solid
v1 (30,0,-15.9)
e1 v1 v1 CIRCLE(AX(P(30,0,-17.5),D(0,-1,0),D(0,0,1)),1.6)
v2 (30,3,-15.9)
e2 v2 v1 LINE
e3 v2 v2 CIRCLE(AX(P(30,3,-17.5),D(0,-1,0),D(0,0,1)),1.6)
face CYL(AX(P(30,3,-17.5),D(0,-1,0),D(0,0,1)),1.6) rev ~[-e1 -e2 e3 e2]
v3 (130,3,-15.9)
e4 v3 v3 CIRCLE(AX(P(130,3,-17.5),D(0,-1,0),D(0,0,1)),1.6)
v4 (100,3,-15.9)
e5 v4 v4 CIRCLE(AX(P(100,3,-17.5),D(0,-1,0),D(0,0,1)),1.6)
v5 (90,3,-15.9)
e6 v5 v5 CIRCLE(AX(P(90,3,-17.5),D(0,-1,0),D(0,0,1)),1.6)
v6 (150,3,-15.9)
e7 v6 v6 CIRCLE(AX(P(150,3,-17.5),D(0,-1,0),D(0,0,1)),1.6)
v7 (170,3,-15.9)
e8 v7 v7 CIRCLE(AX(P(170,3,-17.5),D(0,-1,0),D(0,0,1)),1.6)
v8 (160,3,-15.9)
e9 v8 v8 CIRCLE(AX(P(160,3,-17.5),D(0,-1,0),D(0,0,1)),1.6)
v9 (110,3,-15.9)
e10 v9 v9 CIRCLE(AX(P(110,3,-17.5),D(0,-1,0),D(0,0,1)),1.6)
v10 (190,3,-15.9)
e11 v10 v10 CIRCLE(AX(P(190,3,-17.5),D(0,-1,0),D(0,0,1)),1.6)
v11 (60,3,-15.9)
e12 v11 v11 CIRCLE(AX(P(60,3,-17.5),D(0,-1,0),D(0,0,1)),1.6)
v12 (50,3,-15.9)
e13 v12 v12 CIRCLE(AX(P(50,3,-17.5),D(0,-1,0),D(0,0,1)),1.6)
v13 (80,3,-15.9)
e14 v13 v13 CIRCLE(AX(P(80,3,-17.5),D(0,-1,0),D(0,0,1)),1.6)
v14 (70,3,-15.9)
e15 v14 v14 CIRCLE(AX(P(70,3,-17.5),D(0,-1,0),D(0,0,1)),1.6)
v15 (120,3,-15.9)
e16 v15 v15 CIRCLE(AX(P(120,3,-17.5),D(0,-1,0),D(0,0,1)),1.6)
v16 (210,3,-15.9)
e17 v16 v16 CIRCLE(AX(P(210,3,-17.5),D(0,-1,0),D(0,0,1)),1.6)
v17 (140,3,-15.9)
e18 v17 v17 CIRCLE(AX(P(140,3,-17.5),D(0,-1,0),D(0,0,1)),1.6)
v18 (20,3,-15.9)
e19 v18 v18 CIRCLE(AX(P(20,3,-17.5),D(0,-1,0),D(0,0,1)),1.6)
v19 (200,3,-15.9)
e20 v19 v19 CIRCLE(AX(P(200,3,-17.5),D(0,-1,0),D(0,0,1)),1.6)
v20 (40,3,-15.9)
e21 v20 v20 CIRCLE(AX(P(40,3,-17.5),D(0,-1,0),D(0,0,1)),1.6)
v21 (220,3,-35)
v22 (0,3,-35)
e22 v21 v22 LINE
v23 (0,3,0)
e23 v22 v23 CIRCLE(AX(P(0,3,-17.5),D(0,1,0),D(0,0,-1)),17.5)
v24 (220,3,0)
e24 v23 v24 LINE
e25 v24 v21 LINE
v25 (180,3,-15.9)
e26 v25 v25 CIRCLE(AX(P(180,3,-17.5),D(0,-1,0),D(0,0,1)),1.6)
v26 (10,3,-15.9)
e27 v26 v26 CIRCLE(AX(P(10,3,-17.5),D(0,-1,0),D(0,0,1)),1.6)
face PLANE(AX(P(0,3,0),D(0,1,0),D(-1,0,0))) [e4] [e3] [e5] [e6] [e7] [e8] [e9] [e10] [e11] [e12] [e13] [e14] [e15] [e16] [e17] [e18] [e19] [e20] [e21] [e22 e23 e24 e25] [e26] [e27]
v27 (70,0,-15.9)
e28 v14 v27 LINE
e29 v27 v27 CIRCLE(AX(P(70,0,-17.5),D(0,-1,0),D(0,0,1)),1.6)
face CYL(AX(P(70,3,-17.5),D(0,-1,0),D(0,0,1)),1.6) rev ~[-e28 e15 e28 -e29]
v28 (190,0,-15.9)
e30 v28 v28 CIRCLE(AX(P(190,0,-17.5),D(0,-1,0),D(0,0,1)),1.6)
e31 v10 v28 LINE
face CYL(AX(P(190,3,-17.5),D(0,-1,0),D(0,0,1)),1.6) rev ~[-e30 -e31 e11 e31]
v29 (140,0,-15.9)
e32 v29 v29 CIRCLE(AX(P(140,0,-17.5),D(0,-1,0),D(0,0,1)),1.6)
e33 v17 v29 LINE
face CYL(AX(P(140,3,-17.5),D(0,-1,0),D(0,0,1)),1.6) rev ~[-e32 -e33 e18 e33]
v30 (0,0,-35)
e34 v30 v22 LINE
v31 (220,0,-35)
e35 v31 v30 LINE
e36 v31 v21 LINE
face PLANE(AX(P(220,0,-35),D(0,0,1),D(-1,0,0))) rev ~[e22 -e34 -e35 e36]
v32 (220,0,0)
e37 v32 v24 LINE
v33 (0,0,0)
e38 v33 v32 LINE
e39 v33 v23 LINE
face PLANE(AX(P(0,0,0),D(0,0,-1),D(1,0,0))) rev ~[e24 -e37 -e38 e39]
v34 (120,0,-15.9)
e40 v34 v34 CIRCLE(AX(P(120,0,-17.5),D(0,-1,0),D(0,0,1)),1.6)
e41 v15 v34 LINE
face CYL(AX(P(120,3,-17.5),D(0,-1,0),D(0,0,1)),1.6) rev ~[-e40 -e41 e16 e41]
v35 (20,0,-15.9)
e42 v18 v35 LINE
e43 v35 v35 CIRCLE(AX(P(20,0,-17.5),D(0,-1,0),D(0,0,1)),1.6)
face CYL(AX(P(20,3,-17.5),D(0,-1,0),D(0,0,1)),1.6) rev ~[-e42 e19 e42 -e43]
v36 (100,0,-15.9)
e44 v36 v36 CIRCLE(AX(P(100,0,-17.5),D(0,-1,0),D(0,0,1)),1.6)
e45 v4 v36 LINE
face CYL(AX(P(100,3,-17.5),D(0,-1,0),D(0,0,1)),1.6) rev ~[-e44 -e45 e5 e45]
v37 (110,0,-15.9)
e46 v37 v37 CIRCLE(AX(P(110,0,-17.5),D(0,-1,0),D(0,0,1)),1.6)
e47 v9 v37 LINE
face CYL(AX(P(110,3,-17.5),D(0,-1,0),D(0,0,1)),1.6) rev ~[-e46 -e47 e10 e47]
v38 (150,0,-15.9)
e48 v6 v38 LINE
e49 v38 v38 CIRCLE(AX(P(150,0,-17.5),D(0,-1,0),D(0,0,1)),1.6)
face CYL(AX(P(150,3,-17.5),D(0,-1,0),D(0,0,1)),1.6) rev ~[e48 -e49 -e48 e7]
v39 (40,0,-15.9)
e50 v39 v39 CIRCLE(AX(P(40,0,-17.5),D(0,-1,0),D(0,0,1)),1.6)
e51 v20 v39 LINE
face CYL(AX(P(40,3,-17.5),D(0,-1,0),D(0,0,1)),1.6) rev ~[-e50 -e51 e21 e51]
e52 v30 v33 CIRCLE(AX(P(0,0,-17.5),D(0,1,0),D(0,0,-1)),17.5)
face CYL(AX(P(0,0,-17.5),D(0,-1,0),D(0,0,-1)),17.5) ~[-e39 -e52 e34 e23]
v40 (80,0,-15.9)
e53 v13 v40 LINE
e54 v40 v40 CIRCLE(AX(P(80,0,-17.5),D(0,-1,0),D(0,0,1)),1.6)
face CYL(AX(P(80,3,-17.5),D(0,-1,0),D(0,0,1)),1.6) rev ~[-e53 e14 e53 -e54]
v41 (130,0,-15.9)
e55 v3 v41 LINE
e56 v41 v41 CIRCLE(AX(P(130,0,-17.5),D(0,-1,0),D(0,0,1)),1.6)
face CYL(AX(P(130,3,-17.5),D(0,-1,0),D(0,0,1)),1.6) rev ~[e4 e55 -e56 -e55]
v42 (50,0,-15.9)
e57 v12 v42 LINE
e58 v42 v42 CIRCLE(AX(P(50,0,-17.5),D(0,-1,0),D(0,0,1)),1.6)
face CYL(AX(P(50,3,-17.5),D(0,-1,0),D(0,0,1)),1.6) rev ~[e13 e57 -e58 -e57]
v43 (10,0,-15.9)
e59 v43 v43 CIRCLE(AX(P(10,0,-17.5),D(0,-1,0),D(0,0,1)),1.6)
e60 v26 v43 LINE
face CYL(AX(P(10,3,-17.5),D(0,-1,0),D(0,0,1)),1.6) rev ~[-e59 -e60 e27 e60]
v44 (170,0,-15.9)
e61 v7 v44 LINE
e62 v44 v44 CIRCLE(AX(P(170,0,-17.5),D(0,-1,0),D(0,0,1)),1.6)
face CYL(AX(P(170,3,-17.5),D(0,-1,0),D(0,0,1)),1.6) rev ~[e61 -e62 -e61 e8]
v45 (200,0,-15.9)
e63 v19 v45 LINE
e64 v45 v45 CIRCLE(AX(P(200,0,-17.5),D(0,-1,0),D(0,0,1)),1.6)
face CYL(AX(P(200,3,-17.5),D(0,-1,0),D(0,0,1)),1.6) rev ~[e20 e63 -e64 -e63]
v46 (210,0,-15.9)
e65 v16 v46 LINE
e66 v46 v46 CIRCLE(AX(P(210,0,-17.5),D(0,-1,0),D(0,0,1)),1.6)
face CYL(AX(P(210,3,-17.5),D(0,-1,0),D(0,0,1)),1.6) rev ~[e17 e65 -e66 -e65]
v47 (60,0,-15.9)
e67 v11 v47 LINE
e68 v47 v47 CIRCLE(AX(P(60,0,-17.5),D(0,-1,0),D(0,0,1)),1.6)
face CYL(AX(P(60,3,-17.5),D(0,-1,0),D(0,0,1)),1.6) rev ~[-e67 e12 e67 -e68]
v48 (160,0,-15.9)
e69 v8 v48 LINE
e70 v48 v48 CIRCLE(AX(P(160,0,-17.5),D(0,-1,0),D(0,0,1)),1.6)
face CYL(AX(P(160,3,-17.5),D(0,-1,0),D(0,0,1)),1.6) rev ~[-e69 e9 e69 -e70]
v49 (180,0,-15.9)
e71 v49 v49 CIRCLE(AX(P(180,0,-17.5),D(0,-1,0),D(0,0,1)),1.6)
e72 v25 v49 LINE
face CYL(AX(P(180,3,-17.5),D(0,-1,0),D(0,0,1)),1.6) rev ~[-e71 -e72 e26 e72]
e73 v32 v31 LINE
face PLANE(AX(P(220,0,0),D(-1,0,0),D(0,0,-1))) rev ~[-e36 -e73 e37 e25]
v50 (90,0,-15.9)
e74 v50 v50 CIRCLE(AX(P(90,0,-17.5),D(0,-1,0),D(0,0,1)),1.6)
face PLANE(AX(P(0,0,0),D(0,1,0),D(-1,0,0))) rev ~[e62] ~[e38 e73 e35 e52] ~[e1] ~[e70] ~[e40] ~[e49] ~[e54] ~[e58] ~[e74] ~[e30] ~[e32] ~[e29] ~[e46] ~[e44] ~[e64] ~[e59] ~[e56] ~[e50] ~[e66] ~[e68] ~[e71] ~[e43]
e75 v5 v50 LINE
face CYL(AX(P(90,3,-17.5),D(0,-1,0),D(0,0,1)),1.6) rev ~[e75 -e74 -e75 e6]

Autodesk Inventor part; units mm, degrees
ref_plane "YZ Plane" through (0, 0, 0) normal (1, 0, 0) x (0, 1, 0)
ref_plane "XZ Plane" through (0, 0, 0) normal (0, 1, 0) x (-1, 0, 0)
ref_plane "XY Plane" through (0, 0, 0) normal (0, 0, 1) x (1, 0, 0)
sketch "スケッチ1" plane through (0, 0, 0) normal (0, 1, 0) x (-1, 0, 0)
  line L0 (0, 0) -> (-220, 0)
  line L1 (-220, 0) -> (-220, -35)
  line L2 (-220, -35) -> (0, -35)
  line L3 (0, -35) -> (0, 0)
  arc A0 (0, -35) -> (0, 0) centre (0, -17.5) ccw
  dimension "d0" = 220
  dimension "d1" = 35
  dimension "d2" = 17.5
extrude "押し出し1" add sketch "スケッチ1" along normal blind 3
sketch "スケッチ2" plane through (0, 3, 0) normal (0, 1, 0) x (1, 0, 0)
  line L0 (0, 17.5) -> (238.6526, 17.5)
  line L1 (0, 0) -> (220, 0) projected
  arc A0 (0, 35) -> (0, 0) centre (0, 17.5) ccw projected
  point P0 (20, 17.5)
  point P1 (30, 17.5)
  point P2 (40, 17.5)
  point P3 (50, 17.5)
  point P4 (60, 17.5)
  point P5 (70, 17.5)
  point P6 (80, 17.5)
  point P7 (90, 17.5)
  point P8 (100, 17.5)
  point P9 (110, 17.5)
  point P10 (120, 17.5)
  point P11 (130, 17.5)
  point P12 (140, 17.5)
  point P13 (150, 17.5)
  point P14 (160, 17.5)
  point P15 (170, 17.5)
  point P16 (180, 17.5)
  point P17 (190, 17.5)
  point P18 (200, 17.5)
  point P19 (210, 17.5)
  point P20 (-17.5, 17.5)
  point P21 (10, 17.5)
  dimension "d5" = 17.5
  dimension "d6" = 10
  dimension "d7" = 10
  dimension "d8" = 10
  dimension "d9" = 10
  dimension "d10" = 10
  dimension "d11" = 10
  dimension "d12" = 10
  dimension "d13" = 10
  dimension "d14" = 10
  dimension "d15" = 10
  dimension "d16" = 10
  dimension "d17" = 10
  dimension "d18" = 10
  dimension "d19" = 10
  dimension "d20" = 10
  dimension "d21" = 10
  dimension "d22" = 10
  dimension "d23" = 10
  dimension "d24" = 10
  dimension "d35" = 17.5
  dimension "d55" = 10
  dimension "d56" = 10
hole "穴1" at (20, 3, -17.5) at (30, 3, -17.5) at (40, 3, -17.5) at (50, 3, -17.5) at (60, 3, -17.5) at (70, 3, -17.5) at (80, 3, -17.5) at (90, 3, -17.5) at (100, 3, -17.5) at (110, 3, -17.5) at (120, 3, -17.5) at (130, 3, -17.5) at (140, 3, -17.5) at (150, 3, -17.5) at (160, 3, -17.5) at (170, 3, -17.5) at (180, 3, -17.5) at (190, 3, -17.5) at (200, 3, -17.5) at (210, 3, -17.5) at (10, 3, -17.5) direction (0, -1, 0) diameter 3.2 end through all
sketch "スケッチ3" plane through (0, 3, 0) normal (0, 1, 0) x (1, 0, 0)
  line L0 (220, 35) -> (0, 35) projected
  point P0 (0, 0)
  point P1 (0, 17.5)
  dimension "d36" = 17.5
hole "穴2" [suppressed]
sketch "スケッチ4" plane through (0, 3, 0) normal (0, 1, 0) x (1, 0, 0)
  circle A0 centre (0, 17.5) radius 6
  circle A1 centre (0, 17.5) radius 3.15 projected
  line L0 (-0.1439, 17.5) -> (-6.5454, 17.5)
  line L1 (-6.5454, 17.5) -> (7.5104, 17.5)
  point P0 (0, 0)
  point P1 (0, 11.5)
  point P2 (6, 17.5)
  point P3 (0, 23.5)
  point P4 (-6, 17.5)
  dimension "d44" = 12
  dimension "d45" = 0
hole "穴3" [suppressed]
properties part number "arm_plate4" material "アルミニウム 5052"
